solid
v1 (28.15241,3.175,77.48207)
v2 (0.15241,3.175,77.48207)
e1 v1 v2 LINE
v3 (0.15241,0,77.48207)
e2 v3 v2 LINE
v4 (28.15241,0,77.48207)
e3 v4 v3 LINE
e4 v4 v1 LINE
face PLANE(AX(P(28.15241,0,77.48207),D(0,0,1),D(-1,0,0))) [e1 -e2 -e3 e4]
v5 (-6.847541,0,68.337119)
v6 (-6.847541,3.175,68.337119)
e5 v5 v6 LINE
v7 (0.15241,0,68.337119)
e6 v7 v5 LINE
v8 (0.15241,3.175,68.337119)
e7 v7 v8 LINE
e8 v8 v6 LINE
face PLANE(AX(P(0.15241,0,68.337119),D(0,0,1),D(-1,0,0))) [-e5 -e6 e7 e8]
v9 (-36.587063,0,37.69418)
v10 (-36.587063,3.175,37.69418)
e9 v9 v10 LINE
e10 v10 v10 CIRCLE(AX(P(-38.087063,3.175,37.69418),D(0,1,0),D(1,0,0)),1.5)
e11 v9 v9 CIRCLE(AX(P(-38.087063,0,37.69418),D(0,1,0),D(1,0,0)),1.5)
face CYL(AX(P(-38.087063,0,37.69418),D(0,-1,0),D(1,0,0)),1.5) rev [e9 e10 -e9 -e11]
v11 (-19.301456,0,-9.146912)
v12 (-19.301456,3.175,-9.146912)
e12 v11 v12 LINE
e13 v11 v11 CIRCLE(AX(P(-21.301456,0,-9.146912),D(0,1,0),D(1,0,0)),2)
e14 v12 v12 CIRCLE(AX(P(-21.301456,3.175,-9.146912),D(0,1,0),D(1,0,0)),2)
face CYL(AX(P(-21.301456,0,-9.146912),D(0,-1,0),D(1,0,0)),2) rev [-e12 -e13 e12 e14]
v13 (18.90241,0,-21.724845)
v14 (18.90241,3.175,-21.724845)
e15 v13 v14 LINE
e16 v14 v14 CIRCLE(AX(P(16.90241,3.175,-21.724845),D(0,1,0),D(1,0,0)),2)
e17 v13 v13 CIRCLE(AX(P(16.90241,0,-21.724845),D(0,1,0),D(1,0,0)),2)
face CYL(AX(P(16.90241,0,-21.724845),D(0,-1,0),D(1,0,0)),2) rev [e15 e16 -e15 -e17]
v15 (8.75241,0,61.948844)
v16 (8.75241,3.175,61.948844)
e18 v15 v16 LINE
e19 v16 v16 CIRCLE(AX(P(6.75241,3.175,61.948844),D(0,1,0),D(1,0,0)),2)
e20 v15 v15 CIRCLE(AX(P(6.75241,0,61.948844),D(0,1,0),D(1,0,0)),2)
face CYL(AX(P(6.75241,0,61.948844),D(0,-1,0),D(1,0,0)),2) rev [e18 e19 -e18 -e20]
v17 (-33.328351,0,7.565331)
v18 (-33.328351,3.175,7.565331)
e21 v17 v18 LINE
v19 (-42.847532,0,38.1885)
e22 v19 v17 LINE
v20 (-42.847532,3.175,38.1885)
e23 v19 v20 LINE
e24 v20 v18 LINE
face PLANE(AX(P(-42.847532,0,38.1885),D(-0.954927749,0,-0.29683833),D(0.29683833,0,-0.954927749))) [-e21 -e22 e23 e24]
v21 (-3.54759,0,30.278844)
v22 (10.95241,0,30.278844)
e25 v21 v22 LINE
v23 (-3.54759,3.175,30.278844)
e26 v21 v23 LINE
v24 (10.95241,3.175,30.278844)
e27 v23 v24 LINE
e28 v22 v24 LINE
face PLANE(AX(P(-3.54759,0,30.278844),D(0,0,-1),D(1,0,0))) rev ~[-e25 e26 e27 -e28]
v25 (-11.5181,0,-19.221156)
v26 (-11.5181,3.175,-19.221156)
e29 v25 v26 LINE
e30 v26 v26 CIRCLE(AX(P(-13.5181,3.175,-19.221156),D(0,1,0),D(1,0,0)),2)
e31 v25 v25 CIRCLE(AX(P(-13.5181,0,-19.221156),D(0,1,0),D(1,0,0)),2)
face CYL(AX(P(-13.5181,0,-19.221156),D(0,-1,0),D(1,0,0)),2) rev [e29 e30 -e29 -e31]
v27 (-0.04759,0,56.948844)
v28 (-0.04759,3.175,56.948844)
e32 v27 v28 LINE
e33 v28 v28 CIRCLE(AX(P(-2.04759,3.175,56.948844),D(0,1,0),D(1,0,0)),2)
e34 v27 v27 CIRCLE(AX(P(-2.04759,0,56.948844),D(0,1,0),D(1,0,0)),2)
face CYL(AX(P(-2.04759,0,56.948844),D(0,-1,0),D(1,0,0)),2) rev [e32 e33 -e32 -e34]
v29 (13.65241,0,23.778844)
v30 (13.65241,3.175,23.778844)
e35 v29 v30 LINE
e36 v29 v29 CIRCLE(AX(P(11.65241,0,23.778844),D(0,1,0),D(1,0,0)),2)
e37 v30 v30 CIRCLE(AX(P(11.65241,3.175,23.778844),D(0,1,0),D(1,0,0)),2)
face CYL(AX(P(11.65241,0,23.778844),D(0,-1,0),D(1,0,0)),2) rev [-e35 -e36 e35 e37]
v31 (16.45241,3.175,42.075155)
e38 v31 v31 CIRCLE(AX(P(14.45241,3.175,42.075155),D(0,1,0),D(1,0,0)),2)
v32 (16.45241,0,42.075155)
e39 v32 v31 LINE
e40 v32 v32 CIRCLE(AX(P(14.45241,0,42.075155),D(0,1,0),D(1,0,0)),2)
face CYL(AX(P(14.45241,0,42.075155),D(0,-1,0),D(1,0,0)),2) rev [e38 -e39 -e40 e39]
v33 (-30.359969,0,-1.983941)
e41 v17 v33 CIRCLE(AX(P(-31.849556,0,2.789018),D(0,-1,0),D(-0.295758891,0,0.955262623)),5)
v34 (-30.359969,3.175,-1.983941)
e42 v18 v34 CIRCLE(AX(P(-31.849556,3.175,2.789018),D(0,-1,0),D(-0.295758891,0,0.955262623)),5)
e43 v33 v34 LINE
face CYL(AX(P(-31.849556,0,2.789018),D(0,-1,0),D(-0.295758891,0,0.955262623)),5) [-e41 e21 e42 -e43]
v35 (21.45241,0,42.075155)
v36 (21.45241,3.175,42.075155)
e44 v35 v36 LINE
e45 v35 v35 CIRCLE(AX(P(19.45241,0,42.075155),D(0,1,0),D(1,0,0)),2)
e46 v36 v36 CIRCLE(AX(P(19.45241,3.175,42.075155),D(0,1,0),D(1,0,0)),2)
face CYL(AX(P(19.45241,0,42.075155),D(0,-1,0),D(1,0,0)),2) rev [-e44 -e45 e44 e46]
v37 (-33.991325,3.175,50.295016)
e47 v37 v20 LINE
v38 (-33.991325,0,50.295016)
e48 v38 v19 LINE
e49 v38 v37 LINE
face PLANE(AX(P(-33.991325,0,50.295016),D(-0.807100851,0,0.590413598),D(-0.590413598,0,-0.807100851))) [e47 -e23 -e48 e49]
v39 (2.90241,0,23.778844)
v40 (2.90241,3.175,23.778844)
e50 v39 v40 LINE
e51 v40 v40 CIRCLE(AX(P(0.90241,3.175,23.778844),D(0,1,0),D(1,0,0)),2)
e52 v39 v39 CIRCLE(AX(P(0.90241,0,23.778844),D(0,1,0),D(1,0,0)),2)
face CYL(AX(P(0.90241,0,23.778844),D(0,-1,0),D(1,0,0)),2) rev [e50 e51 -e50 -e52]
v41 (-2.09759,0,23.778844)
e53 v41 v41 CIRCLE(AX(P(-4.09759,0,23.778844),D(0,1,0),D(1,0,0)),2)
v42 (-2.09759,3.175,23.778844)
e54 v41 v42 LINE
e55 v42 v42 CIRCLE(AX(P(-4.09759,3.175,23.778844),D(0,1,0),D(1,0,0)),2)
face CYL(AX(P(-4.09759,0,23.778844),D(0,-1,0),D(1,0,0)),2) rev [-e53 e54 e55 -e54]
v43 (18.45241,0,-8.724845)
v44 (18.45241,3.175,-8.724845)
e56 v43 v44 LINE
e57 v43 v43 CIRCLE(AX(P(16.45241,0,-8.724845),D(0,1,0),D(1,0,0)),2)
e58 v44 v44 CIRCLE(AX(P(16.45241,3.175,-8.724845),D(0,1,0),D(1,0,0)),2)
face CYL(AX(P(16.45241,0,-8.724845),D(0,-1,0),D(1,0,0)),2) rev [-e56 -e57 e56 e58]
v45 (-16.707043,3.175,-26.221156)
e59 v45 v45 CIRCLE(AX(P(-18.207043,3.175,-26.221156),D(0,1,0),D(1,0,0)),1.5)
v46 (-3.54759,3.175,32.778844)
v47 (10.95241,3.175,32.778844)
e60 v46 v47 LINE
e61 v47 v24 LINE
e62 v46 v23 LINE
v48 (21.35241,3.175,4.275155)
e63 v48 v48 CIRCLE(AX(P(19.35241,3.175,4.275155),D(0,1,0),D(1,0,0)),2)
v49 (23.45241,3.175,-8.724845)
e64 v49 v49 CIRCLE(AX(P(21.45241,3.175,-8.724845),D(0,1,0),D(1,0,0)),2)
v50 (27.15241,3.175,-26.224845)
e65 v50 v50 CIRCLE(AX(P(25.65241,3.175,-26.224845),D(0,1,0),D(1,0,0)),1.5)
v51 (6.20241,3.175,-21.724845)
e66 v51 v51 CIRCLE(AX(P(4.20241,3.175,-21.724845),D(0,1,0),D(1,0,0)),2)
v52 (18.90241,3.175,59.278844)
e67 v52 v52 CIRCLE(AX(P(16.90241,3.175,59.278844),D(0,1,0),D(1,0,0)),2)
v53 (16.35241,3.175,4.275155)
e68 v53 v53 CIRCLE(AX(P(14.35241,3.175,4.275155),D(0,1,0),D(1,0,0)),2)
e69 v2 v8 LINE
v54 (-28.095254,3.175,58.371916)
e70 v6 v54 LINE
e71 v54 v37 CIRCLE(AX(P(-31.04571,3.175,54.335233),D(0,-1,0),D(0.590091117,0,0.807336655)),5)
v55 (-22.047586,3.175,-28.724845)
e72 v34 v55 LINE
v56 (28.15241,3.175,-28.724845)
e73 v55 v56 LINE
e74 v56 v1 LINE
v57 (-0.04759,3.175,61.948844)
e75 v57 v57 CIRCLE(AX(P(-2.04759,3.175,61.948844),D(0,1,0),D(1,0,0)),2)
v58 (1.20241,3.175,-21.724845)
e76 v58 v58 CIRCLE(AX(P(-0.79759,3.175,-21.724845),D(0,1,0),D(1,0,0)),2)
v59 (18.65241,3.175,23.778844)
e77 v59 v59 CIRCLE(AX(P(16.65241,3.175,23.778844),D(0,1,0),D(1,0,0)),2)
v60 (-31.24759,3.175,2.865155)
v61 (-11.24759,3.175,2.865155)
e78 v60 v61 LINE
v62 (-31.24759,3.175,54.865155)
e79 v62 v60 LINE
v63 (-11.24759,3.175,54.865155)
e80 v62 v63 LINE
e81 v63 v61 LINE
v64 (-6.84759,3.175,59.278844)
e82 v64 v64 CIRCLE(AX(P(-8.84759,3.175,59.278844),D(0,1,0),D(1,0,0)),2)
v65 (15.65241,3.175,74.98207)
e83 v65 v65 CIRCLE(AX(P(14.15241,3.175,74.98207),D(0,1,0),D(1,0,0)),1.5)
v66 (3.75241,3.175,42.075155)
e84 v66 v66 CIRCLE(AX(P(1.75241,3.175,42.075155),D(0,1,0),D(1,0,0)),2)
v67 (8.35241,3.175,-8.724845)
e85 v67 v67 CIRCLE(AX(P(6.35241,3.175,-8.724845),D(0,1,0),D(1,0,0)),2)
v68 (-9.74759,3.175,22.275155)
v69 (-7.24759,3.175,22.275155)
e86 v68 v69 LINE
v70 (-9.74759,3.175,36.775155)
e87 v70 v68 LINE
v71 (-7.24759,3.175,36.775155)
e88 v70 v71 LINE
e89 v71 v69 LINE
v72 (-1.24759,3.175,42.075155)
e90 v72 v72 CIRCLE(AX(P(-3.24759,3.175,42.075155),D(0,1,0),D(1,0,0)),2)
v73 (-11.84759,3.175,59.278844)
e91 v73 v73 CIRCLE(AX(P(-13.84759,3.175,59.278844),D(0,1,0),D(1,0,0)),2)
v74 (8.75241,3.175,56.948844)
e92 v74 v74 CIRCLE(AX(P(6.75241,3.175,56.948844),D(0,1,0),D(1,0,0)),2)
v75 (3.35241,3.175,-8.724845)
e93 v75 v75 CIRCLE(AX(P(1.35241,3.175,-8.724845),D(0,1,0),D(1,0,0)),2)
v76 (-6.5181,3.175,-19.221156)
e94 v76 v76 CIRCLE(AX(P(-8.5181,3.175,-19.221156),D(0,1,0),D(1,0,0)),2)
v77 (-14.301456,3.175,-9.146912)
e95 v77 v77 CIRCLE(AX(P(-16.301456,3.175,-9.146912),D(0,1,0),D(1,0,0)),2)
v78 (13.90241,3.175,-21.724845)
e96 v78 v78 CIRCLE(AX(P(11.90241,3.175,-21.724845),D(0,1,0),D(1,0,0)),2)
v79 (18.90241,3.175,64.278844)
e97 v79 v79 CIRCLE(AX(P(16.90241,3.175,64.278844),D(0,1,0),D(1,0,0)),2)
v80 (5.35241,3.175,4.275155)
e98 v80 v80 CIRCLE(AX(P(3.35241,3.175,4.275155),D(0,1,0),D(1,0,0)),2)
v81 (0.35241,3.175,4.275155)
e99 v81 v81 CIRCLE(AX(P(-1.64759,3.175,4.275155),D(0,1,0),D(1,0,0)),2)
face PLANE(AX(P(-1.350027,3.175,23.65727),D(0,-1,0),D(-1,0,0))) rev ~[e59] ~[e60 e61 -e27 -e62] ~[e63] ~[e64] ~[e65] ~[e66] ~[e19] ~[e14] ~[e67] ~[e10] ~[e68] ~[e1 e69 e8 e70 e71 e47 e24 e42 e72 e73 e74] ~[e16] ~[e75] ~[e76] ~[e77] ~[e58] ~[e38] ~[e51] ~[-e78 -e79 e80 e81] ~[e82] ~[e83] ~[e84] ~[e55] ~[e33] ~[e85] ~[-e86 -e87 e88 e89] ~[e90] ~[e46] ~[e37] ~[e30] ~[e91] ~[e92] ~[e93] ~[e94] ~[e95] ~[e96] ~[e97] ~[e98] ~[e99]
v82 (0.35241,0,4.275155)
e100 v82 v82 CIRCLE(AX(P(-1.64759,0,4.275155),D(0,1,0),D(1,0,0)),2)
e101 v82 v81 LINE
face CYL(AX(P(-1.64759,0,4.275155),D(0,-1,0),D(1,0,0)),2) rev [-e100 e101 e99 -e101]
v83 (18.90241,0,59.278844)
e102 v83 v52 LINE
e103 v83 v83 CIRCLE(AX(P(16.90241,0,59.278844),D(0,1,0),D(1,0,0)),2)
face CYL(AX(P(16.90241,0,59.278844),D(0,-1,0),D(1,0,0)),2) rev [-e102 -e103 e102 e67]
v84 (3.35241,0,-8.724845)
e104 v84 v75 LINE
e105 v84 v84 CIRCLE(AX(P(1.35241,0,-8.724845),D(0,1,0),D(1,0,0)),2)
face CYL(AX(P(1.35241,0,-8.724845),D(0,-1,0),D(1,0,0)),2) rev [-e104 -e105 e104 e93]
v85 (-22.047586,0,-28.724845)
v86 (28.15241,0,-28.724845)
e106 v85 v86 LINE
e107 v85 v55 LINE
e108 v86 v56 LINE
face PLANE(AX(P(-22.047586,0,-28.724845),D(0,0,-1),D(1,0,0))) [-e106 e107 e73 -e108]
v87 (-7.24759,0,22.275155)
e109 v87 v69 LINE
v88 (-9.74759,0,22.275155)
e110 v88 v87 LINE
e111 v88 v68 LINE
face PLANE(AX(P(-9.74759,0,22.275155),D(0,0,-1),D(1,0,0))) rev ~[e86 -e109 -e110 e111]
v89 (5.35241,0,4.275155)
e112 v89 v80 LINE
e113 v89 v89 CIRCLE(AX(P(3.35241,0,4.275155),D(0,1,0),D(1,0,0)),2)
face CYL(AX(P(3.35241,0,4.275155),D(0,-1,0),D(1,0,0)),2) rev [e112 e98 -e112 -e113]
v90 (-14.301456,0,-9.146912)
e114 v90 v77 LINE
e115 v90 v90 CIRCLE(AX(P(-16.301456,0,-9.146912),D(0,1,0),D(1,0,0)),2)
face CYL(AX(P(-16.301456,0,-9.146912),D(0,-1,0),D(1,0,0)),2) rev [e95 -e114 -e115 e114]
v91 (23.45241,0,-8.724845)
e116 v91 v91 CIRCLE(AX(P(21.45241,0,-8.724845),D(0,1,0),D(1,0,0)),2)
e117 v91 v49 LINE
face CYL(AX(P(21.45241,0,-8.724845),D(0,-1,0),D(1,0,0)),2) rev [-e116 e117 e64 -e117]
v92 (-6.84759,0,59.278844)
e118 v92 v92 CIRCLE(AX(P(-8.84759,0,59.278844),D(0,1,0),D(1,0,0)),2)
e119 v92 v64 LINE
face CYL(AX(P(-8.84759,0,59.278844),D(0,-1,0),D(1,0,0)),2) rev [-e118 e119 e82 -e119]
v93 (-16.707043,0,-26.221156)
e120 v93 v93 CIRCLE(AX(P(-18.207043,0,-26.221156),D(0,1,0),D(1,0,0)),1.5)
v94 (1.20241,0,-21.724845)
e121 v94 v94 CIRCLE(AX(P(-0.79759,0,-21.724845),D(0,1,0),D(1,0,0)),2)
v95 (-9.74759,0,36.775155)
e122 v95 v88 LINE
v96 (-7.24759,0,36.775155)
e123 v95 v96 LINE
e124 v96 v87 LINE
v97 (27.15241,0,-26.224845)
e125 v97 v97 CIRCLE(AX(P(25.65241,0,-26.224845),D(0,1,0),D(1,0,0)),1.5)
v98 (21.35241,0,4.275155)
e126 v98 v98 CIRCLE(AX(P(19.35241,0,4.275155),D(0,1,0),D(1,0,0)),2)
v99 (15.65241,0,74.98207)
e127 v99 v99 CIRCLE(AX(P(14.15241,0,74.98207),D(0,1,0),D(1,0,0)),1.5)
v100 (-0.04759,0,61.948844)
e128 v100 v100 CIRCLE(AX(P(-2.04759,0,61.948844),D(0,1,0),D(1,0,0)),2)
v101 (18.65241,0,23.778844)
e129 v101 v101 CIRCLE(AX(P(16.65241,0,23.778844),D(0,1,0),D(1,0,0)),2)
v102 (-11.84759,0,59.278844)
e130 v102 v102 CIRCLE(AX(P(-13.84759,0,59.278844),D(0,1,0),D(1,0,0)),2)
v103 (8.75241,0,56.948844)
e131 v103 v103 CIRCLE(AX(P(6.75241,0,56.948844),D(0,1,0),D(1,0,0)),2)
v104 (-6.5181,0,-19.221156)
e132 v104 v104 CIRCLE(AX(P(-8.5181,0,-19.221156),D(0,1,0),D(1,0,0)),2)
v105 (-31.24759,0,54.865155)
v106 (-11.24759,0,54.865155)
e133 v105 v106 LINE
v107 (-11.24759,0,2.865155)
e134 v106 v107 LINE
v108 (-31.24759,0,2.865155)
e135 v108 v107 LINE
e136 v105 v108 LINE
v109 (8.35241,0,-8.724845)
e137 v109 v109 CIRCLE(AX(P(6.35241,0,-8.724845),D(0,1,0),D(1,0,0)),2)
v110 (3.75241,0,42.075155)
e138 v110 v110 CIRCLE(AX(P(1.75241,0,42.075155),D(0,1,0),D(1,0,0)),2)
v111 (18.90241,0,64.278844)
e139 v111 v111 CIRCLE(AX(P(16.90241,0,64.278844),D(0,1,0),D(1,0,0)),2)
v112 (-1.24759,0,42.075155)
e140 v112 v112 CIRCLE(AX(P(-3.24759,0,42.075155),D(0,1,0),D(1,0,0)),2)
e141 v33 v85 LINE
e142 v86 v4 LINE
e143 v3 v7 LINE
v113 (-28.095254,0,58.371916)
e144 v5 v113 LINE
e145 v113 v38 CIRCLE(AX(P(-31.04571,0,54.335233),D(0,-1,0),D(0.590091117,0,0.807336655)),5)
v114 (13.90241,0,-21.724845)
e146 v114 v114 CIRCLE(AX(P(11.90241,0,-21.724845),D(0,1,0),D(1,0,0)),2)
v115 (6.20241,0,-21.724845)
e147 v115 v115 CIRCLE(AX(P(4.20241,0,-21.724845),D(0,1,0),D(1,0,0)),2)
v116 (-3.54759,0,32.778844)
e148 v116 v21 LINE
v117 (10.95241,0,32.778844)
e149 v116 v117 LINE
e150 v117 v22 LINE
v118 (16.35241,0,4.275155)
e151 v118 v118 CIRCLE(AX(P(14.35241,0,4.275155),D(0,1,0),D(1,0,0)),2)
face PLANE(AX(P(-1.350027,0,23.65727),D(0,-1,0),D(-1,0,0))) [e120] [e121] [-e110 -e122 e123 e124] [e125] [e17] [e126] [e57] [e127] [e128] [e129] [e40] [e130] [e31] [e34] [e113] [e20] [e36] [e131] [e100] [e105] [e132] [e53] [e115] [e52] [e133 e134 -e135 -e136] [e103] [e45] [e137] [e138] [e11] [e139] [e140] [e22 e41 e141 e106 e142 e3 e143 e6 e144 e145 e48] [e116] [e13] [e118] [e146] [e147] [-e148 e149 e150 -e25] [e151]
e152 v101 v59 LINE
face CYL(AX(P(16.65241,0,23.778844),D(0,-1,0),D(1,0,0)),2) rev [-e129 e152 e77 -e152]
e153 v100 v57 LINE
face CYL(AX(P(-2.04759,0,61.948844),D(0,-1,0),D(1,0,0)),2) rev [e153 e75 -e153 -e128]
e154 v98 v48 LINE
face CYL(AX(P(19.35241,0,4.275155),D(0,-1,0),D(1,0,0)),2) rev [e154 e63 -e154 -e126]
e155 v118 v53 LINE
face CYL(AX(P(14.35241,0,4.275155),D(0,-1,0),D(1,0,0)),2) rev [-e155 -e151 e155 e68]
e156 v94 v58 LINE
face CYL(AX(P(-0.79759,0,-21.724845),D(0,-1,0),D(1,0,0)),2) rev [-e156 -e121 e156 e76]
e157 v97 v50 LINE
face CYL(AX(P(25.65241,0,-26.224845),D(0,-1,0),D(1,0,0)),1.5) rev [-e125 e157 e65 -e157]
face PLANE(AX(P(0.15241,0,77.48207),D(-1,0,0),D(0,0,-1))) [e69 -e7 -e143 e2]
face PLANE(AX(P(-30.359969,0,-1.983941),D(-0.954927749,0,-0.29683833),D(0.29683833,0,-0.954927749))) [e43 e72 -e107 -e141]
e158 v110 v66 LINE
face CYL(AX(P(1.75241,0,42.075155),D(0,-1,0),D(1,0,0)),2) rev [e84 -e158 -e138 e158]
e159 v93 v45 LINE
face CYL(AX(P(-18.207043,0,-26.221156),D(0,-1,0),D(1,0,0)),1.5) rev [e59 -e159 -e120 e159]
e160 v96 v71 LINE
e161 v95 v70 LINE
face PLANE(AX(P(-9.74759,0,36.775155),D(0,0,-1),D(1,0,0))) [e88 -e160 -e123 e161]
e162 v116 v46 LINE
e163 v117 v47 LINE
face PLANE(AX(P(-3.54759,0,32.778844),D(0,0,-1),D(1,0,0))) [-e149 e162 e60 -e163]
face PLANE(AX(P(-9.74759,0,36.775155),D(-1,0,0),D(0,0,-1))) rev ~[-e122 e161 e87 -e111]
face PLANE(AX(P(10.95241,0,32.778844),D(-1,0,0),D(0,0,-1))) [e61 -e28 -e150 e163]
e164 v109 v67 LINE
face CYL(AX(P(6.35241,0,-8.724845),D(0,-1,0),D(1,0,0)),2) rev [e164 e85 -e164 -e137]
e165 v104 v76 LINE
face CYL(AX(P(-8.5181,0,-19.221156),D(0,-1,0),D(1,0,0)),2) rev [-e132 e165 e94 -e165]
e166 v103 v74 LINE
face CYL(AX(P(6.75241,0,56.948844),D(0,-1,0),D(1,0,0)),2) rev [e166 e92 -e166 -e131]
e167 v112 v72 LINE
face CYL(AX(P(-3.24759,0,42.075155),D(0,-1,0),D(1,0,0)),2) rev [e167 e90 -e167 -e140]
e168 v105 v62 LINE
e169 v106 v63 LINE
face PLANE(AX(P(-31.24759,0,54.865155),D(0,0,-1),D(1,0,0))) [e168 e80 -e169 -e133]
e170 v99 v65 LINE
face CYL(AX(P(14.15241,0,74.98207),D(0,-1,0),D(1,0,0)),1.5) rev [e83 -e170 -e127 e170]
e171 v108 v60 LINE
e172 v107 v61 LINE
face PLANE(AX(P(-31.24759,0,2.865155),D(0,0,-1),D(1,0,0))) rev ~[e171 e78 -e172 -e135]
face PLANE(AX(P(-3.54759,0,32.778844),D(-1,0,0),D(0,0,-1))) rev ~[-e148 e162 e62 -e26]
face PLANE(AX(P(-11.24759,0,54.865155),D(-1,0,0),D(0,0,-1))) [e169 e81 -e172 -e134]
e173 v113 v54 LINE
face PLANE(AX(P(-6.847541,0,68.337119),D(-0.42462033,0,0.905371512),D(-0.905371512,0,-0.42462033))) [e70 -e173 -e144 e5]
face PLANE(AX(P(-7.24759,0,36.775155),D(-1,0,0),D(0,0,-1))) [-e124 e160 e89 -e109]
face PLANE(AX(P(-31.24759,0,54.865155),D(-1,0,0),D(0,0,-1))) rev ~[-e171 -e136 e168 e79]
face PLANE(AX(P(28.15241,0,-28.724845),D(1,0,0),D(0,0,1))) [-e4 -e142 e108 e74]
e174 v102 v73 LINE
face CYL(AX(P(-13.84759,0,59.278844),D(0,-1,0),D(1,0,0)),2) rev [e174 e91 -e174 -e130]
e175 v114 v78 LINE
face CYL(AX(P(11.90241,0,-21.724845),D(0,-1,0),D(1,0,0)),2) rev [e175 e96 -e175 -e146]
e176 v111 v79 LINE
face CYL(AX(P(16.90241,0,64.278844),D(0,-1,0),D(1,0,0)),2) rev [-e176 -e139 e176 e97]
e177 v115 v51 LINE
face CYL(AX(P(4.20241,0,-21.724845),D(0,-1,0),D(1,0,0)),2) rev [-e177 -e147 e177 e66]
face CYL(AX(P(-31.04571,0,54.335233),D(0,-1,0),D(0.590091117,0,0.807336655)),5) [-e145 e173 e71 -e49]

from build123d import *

# Parameters (mm, degrees)
SKETCH1_R           = 1.5
SKETCH1_R_2         = 2
SKETCH1_W           = 2.5
SKETCH1_H           = 14.5
SKETCH1_W_2         = 14.5
SKETCH1_H_2         = 2.5
SKETCH1_W_3         = 20
SKETCH1_H_3         = 52
BOSS_EXTRUDE1_DEPTH = 3.175


with BuildPart() as part:
    # Sketch1 → Boss-Extrude1 (new body)
    with BuildSketch(Plane(origin=(0, 0, 0), x_dir=(1, 0, 0), z_dir=(0, 1, 0))):
        with BuildLine():
            Line((-22.047586286, 28.724844999), (28.152410312, 28.724844999))
            Line((28.152410312, 28.724844999), (28.152410312, -68.278843574))
            Line((28.152410312, -68.278843574), (28.152410312, -77.482069575))
            Line((28.152410312, -77.482069575), (0.152410312, -77.482069575))
            Line((0.152410312, -77.482069575), (0.152410312, -68.337119167))
            Line((0.152410312, -68.337119167), (-6.847541173, -68.337119167))
            Line((-6.847541173, -68.337119167), (-28.095254294, -58.371916125))
            ThreePointArc((-28.095254294, -58.371916125), (-35.084160474, -57.28326894), (-33.991325412, -50.295016382))
            Line((-33.991325412, -50.295016382), (-42.847532209, -38.188499756))
            Line((-42.847532209, -38.188499756), (-33.328350902, -7.56533069))
            ThreePointArc((-33.328350902, -7.56533069), (-36.624195189, -1.304825925), (-30.359969494, 1.9839407))
            Line((-30.359969494, 1.9839407), (-22.047586286, 28.724844999))
        make_face()
        with Locations((25.652410312, 26.224844999)):
            Circle(SKETCH1_R, mode=Mode.SUBTRACT)
        with Locations((-38.087063045, -37.694179546)):
            Circle(SKETCH1_R, mode=Mode.SUBTRACT)
        with Locations((-18.207043121, 26.221156426)):
            Circle(SKETCH1_R, mode=Mode.SUBTRACT)
        with Locations((16.902410312, 21.724844999)):
            Circle(SKETCH1_R_2, mode=Mode.SUBTRACT)
        with Locations((11.902410312, 21.724844999)):
            Circle(SKETCH1_R_2, mode=Mode.SUBTRACT)
        with Locations((4.202410312, 21.724844999)):
            Circle(SKETCH1_R_2, mode=Mode.SUBTRACT)
        with Locations((-0.797589688, 21.724844999)):
            Circle(SKETCH1_R_2, mode=Mode.SUBTRACT)
        with Locations((-8.518099948, 19.221156426)):
            Circle(SKETCH1_R_2, mode=Mode.SUBTRACT)
        with Locations((-13.518099948, 19.221156426)):
            Circle(SKETCH1_R_2, mode=Mode.SUBTRACT)
        with Locations((-16.301455712, 9.146912193)):
            Circle(SKETCH1_R_2, mode=Mode.SUBTRACT)
        with Locations((-21.301455712, 9.146912193)):
            Circle(SKETCH1_R_2, mode=Mode.SUBTRACT)
        with Locations((-2.047589688, -61.948843574)):
            Circle(SKETCH1_R_2, mode=Mode.SUBTRACT)
        with Locations((-2.047589688, -56.948843574)):
            Circle(SKETCH1_R_2, mode=Mode.SUBTRACT)
        with Locations((6.752410312, -61.948843574)):
            Circle(SKETCH1_R_2, mode=Mode.SUBTRACT)
        with Locations((6.752410312, -56.948843574)):
            Circle(SKETCH1_R_2, mode=Mode.SUBTRACT)
        with Locations((-8.847589688, -59.278843574)):
            Circle(SKETCH1_R_2, mode=Mode.SUBTRACT)
        with Locations((-13.847589688, -59.278843574)):
            Circle(SKETCH1_R_2, mode=Mode.SUBTRACT)
        with Locations((21.452410312, 8.724844999)):
            Circle(SKETCH1_R_2, mode=Mode.SUBTRACT)
        with Locations((16.452410312, 8.724844999)):
            Circle(SKETCH1_R_2, mode=Mode.SUBTRACT)
        with Locations((6.352410312, 8.724844999)):
            Circle(SKETCH1_R_2, mode=Mode.SUBTRACT)
        with Locations((1.352410312, 8.724844999)):
            Circle(SKETCH1_R_2, mode=Mode.SUBTRACT)
        with Locations((14.352410312, -4.275155001)):
            Circle(SKETCH1_R_2, mode=Mode.SUBTRACT)
        with Locations((19.352410312, -4.275155001)):
            Circle(SKETCH1_R_2, mode=Mode.SUBTRACT)
        with Locations((3.352410312, -4.275155001)):
            Circle(SKETCH1_R_2, mode=Mode.SUBTRACT)
        with Locations((-1.647589688, -4.275155001)):
            Circle(SKETCH1_R_2, mode=Mode.SUBTRACT)
        with Locations((16.652410312, -23.778843574)):
            Circle(SKETCH1_R_2, mode=Mode.SUBTRACT)
        with Locations((11.652410312, -23.778843574)):
            Circle(SKETCH1_R_2, mode=Mode.SUBTRACT)
        with Locations((0.902410312, -23.778843574)):
            Circle(SKETCH1_R_2, mode=Mode.SUBTRACT)
        with Locations((-4.097589688, -23.778843574)):
            Circle(SKETCH1_R_2, mode=Mode.SUBTRACT)
        with Locations((19.452410312, -42.075155001)):
            Circle(SKETCH1_R_2, mode=Mode.SUBTRACT)
        with Locations((14.452410312, -42.075155001)):
            Circle(SKETCH1_R_2, mode=Mode.SUBTRACT)
        with Locations((1.752410312, -42.075155001)):
            Circle(SKETCH1_R_2, mode=Mode.SUBTRACT)
        with Locations((-3.247589688, -42.075155001)):
            Circle(SKETCH1_R_2, mode=Mode.SUBTRACT)
        with Locations((16.902410312, -59.278843574)):
            Circle(SKETCH1_R_2, mode=Mode.SUBTRACT)
        with Locations((16.902410312, -64.278843574)):
            Circle(SKETCH1_R_2, mode=Mode.SUBTRACT)
        with Locations((14.152410312, -74.982069575)):
            Circle(SKETCH1_R, mode=Mode.SUBTRACT)
        with Locations((-8.497589688, -29.525155001)):
            Rectangle(SKETCH1_W, SKETCH1_H, mode=Mode.SUBTRACT)
        with Locations((3.702410312, -31.528843574)):
            Rectangle(SKETCH1_W_2, SKETCH1_H_2, mode=Mode.SUBTRACT)
        with Locations((-21.247589688, -28.865155001)):
            Rectangle(SKETCH1_W_3, SKETCH1_H_3, mode=Mode.SUBTRACT)
    extrude(amount=BOSS_EXTRUDE1_DEPTH)


solid = part.part
